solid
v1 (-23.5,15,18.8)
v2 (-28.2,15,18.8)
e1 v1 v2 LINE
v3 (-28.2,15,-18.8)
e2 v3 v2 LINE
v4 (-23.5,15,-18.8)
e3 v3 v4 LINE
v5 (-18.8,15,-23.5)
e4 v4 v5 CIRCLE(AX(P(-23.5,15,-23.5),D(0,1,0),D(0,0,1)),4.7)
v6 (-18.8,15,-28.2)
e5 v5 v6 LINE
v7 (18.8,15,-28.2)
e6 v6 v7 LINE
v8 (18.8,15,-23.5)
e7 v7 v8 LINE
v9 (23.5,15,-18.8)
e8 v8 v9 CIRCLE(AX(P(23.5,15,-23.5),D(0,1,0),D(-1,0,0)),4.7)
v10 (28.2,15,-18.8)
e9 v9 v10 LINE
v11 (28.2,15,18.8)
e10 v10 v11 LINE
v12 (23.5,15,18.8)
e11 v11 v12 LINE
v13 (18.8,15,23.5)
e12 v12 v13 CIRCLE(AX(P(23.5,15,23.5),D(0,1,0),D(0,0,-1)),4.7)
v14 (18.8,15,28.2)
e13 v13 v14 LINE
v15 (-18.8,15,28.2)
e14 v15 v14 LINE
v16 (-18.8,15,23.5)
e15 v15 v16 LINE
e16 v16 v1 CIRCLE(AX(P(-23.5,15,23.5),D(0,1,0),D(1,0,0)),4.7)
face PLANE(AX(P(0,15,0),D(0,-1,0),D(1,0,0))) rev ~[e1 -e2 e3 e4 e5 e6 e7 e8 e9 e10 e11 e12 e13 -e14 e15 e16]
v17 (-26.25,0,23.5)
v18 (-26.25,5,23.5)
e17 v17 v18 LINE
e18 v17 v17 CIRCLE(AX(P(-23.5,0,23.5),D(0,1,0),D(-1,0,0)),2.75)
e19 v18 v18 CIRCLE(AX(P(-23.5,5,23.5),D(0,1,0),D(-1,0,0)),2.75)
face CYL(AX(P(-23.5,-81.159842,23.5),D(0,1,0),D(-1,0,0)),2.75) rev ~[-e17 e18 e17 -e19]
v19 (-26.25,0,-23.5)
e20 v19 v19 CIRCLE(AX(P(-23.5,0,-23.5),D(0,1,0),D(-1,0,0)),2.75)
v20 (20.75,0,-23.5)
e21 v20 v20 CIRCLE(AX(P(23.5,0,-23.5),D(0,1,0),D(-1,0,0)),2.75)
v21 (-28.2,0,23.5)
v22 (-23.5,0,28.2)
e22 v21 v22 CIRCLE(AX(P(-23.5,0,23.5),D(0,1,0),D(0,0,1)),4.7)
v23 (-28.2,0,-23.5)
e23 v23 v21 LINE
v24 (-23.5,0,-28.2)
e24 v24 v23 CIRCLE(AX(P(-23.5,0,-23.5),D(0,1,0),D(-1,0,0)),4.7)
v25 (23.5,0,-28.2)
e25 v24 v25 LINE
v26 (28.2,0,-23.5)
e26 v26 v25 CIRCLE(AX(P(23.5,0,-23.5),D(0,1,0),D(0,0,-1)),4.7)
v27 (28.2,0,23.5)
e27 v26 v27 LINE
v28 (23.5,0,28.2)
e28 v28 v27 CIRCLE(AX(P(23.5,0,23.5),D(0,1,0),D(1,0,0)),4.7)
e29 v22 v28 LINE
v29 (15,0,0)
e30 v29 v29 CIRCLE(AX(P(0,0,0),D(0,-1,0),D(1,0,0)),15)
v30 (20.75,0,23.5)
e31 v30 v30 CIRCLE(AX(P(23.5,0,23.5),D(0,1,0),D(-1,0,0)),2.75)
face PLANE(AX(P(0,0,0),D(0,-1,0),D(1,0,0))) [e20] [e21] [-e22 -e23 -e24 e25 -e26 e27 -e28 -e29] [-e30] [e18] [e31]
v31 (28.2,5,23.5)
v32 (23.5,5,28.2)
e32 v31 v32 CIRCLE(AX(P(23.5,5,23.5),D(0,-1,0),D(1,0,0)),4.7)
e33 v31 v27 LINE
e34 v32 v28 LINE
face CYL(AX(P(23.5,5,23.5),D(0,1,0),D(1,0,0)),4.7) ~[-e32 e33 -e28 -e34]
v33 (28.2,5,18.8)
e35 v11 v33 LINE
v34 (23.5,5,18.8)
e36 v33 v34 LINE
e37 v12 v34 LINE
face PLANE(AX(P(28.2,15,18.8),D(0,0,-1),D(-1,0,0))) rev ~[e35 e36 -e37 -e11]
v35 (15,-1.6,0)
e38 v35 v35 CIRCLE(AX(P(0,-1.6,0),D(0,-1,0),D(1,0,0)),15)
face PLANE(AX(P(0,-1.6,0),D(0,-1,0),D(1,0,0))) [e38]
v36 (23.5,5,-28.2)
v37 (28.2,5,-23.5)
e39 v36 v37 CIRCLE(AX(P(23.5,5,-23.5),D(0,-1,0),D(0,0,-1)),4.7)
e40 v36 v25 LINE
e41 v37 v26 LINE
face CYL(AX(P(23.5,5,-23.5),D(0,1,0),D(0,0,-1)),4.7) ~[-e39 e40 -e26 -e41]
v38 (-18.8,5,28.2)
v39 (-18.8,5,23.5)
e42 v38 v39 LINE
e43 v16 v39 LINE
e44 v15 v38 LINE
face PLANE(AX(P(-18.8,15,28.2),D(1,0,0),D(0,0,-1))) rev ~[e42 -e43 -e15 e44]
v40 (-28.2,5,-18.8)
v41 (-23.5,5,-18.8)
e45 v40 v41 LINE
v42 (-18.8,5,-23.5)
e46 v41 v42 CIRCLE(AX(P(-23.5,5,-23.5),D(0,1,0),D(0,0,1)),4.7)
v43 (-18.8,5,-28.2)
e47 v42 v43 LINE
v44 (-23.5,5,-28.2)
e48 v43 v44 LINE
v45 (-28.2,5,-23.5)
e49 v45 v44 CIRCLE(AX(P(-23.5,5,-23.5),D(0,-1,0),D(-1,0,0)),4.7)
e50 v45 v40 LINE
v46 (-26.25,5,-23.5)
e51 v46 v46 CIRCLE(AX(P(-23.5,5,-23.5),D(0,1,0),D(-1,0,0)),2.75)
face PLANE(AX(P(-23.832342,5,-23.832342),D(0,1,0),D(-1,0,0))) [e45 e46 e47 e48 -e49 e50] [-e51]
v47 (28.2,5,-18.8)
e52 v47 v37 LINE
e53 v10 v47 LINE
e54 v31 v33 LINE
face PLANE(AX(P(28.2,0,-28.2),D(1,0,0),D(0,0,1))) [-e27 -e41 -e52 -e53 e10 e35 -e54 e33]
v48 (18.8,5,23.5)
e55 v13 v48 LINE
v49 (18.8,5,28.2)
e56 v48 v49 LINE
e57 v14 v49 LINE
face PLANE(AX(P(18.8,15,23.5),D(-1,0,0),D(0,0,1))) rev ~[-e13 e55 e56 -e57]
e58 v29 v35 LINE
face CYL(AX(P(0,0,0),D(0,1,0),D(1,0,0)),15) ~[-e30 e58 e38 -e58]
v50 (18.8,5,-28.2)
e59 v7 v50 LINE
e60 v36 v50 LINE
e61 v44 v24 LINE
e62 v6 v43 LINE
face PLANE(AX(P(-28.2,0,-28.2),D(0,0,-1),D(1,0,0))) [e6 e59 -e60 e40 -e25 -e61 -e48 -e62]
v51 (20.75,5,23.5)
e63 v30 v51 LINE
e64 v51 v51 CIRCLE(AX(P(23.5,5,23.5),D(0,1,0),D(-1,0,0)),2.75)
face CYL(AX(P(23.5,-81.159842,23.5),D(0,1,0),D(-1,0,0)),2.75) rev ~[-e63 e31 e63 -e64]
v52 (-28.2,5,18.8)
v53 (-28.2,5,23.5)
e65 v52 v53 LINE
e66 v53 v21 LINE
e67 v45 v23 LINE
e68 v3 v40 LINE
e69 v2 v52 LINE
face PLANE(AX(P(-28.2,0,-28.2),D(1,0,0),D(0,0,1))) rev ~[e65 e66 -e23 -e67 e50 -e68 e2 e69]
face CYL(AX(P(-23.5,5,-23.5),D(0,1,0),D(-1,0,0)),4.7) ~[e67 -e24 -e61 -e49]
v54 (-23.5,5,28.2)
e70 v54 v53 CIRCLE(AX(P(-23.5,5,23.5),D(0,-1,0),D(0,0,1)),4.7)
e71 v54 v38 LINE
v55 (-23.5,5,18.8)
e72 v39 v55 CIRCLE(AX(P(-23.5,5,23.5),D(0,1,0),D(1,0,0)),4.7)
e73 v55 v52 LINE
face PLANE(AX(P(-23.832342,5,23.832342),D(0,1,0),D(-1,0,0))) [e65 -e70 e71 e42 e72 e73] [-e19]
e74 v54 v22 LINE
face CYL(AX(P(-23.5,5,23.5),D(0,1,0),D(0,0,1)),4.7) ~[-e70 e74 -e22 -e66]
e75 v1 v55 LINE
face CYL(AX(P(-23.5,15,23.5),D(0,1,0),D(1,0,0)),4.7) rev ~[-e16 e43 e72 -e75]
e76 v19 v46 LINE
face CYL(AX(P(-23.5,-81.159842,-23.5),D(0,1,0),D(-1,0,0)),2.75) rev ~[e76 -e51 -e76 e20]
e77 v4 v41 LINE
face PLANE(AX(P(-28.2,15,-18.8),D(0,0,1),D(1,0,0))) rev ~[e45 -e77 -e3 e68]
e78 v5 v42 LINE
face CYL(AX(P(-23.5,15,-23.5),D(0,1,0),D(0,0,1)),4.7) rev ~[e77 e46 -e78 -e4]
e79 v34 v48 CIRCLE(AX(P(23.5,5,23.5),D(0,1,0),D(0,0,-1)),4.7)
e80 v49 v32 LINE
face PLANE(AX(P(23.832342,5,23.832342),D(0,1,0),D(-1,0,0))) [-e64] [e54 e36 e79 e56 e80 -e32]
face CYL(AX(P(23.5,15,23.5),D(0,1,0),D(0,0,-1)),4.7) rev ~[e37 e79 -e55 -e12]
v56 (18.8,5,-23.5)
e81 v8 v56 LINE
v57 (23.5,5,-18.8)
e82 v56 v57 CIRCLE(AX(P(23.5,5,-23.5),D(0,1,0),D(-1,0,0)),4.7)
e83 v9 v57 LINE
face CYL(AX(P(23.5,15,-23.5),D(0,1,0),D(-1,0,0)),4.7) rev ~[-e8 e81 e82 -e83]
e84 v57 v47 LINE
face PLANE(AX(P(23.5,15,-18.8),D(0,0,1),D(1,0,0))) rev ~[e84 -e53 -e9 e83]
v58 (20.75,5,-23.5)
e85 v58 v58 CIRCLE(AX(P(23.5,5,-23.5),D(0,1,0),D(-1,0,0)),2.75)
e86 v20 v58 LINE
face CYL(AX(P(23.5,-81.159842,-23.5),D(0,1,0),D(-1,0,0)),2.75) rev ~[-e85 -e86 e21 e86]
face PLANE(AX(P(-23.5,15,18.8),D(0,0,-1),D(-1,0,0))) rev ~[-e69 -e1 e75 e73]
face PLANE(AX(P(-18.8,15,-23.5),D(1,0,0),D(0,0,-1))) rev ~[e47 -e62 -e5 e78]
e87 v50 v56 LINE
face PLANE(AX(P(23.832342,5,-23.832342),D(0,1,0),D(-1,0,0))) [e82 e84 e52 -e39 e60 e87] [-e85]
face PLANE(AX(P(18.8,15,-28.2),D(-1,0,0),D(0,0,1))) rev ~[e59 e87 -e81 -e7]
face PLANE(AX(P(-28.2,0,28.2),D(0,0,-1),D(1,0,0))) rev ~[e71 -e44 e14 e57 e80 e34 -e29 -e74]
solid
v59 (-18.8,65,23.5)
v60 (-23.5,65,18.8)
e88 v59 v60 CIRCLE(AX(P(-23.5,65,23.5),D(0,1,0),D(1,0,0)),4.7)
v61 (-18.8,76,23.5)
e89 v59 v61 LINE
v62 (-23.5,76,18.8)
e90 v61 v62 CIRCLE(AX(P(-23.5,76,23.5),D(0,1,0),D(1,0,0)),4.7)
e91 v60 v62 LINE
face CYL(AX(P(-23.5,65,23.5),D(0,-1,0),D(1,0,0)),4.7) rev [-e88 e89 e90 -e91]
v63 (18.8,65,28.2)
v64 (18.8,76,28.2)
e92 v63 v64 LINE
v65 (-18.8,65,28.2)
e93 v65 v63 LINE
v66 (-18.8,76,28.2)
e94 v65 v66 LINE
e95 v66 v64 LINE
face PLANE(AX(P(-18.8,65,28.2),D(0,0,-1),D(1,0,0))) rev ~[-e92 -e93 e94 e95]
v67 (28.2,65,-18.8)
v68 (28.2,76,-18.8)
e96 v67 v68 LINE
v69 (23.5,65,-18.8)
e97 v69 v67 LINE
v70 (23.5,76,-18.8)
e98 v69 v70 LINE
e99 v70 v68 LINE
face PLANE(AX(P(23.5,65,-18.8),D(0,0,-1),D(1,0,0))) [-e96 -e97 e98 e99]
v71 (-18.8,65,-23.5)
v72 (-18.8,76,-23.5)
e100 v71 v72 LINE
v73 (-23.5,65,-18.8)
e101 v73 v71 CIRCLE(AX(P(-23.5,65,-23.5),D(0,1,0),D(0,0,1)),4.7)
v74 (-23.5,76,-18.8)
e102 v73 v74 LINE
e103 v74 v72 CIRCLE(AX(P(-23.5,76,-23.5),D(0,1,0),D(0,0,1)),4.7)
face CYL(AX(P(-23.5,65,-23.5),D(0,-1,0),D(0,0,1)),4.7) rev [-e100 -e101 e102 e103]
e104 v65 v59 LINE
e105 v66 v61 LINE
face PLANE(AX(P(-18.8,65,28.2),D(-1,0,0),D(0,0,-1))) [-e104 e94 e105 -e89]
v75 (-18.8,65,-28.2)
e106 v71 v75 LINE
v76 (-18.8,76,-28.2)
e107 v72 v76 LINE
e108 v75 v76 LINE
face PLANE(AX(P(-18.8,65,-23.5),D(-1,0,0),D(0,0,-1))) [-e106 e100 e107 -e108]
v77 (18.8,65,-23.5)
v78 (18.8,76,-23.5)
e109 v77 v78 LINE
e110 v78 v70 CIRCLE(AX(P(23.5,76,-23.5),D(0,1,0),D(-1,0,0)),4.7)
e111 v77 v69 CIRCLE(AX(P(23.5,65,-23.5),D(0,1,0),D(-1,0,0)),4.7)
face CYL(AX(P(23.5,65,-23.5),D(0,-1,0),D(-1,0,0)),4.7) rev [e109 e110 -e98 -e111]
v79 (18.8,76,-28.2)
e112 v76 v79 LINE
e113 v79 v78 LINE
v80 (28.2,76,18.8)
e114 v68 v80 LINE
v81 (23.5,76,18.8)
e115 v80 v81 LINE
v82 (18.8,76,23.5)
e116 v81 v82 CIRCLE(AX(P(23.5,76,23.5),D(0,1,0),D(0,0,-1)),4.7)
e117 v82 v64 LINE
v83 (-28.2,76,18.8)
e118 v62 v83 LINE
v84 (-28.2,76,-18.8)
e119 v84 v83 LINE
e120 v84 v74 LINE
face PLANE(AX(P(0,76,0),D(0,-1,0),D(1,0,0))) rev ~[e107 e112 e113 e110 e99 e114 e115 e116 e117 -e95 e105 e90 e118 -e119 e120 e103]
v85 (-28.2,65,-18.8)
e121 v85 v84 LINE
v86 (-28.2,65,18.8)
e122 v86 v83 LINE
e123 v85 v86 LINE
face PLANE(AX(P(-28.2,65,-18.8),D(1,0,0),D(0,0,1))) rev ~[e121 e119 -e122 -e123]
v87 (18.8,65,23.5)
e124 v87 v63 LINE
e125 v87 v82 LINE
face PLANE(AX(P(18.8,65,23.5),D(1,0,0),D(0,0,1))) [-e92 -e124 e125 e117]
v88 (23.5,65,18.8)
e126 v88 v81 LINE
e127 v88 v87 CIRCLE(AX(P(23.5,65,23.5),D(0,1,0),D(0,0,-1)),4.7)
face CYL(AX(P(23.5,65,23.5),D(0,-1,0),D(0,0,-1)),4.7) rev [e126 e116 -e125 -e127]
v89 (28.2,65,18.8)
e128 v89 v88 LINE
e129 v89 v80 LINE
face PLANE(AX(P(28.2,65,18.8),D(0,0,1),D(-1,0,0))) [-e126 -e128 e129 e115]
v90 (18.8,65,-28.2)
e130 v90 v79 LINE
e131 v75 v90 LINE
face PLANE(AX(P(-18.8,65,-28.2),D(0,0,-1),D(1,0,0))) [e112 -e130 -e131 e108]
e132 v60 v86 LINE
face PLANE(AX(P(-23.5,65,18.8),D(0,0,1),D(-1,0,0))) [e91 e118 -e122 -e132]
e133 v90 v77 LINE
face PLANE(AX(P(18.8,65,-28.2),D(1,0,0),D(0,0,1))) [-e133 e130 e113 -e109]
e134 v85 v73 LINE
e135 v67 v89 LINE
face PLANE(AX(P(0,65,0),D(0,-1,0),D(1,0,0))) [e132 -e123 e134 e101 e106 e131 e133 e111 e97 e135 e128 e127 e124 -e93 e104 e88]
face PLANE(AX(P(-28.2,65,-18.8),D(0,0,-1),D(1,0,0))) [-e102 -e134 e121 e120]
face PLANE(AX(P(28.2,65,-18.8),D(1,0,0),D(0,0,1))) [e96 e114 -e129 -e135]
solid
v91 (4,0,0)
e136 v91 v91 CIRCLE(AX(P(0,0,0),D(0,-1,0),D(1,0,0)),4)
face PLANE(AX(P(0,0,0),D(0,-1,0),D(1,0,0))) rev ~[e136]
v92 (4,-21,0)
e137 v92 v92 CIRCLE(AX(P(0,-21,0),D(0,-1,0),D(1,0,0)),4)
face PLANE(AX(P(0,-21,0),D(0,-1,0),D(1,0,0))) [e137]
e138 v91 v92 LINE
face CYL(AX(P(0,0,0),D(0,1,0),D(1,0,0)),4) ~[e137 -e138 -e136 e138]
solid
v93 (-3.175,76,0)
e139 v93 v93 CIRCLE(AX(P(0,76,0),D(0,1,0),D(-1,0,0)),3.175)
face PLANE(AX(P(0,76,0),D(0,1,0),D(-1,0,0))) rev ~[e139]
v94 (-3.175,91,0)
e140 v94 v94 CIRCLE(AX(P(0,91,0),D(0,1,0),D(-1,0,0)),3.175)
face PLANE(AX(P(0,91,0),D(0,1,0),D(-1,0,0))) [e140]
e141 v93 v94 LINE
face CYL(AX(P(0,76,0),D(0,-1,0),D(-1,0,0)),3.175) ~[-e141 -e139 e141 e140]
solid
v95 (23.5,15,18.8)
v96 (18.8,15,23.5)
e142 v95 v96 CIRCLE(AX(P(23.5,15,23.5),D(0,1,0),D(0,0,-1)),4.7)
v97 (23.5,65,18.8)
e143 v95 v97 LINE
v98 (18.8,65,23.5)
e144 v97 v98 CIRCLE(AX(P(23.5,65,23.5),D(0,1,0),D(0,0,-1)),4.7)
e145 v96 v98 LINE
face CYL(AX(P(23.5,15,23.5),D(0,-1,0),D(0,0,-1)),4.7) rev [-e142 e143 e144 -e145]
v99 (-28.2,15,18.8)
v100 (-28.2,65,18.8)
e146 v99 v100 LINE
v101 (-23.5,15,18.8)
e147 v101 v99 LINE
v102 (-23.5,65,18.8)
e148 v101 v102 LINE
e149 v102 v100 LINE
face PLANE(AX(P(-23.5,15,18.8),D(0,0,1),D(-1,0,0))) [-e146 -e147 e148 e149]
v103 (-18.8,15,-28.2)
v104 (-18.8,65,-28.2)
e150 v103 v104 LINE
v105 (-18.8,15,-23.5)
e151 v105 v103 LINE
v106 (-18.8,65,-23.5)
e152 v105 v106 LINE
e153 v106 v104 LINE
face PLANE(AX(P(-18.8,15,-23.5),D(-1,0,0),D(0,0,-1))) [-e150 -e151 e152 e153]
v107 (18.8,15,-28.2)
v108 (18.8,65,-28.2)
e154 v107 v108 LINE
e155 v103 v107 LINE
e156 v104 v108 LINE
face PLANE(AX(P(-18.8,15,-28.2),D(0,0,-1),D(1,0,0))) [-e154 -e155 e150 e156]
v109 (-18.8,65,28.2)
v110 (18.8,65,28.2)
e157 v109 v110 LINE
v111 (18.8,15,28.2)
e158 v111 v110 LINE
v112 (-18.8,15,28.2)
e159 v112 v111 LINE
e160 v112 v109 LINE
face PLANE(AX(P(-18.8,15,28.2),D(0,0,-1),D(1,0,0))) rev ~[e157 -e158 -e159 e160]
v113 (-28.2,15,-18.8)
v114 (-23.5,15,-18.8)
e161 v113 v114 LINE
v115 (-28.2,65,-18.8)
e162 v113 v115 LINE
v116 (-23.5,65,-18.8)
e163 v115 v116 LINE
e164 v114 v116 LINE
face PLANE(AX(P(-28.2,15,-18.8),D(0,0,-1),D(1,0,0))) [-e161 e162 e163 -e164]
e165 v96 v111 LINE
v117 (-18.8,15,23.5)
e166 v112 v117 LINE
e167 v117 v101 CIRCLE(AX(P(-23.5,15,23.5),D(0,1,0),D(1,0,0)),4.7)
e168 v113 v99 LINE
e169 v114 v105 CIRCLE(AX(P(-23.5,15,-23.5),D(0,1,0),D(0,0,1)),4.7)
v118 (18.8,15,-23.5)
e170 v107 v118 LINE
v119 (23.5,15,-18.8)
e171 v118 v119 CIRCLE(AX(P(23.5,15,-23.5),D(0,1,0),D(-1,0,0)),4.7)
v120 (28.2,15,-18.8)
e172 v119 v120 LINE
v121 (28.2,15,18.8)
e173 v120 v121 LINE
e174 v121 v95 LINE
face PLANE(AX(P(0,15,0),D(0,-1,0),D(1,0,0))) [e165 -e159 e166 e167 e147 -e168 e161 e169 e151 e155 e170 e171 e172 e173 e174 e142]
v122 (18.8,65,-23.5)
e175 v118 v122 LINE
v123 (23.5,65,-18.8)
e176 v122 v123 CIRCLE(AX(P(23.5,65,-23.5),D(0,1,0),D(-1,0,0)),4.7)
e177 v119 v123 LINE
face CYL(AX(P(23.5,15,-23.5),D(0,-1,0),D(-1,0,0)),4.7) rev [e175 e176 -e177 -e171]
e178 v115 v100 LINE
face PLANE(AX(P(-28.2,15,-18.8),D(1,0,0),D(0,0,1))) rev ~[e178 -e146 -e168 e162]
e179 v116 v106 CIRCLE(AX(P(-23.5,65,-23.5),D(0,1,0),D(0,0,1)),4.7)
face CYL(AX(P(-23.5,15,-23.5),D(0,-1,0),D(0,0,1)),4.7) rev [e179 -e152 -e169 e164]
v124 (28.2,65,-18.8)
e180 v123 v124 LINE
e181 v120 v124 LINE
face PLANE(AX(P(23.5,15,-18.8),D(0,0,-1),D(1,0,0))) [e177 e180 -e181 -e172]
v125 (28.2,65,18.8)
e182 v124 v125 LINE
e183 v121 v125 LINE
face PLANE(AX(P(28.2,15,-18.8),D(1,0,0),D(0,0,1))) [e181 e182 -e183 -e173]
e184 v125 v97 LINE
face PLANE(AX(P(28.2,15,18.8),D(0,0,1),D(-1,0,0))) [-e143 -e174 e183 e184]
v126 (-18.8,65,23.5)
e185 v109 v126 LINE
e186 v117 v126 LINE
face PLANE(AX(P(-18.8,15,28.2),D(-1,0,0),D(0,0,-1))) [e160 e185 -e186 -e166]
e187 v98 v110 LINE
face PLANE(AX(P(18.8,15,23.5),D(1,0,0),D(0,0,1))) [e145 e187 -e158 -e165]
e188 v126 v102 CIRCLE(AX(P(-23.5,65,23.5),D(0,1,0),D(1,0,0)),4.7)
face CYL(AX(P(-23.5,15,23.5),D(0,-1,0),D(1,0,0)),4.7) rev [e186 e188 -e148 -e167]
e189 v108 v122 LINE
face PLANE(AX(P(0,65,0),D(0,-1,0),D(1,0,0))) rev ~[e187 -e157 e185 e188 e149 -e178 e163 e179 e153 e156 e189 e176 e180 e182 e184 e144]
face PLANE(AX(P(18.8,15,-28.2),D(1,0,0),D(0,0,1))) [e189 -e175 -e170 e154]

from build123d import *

# Parameters (mm, degrees)
F0_W      = 56.4
F0_H      = 56.4
F1_DEPTH  = 15
F3_D      = 5.5
F5_DEPTH  = 10
F7_DEPTH  = 5.001
F8_DEPTH  = 50
F9_DEPTH  = 11
F10_R     = 15
F11_DEPTH = 1.6
F12_R     = 4
F13_DEPTH = 21
F14_R     = 3.175
F15_DEPTH = 15


with BuildPart() as f1:
    # F0 (on Front) → F1 (new body)
    with BuildSketch(Plane.XZ):
        Rectangle(F0_W, F0_H)
    extrude(amount=-F1_DEPTH)

    # F3 (through all)
    with Locations(Plane.XZ):
        with Locations((-23.5, -23.5), (-23.5, 23.5), (23.5, 23.5), (23.5, -23.5)):
            Hole(F3_D / 2)

    # F4 (on face) → F5 (cut)
    with BuildSketch(Plane(origin=(0, 15, 0), x_dir=(-1, 0, 0), z_dir=(0, 1, 0))):
        with BuildLine():
            Line((28.2, 18.8), (28.2, 28.2))
            Line((28.2, 28.2), (18.8, 28.2))
            Line((18.8, 28.2), (18.8, 23.5))
            ThreePointArc((18.8, 23.5), (20.1765981284, 20.1765981284), (23.5, 18.8))
            Line((23.5, 18.8), (28.2, 18.8))
        make_face()
        with BuildLine():
            Line((28.2, -28.2), (28.2, -18.8))
            Line((28.2, -18.8), (23.5, -18.8))
            ThreePointArc((23.5, -18.8), (20.1765981284, -20.1765981284), (18.8, -23.5))
            Line((18.8, -23.5), (18.8, -28.2))
            Line((18.8, -28.2), (28.2, -28.2))
        make_face()
        with BuildLine():
            Line((-18.8, 23.5), (-18.8, 28.2))
            Line((-18.8, 28.2), (-28.2, 28.2))
            Line((-28.2, 28.2), (-28.2, 18.8))
            Line((-28.2, 18.8), (-23.5, 18.8))
            ThreePointArc((-23.5, 18.8), (-20.1765981284, 20.1765981284), (-18.8, 23.5))
        make_face()
        with BuildLine():
            Line((-28.2, -18.8), (-28.2, -28.2))
            Line((-28.2, -28.2), (-18.8, -28.2))
            Line((-18.8, -28.2), (-18.8, -23.5))
            ThreePointArc((-18.8, -23.5), (-20.1765981284, -20.1765981284), (-23.5, -18.8))
            Line((-23.5, -18.8), (-28.2, -18.8))
        make_face()
    extrude(amount=-F5_DEPTH, mode=Mode.SUBTRACT)

    # F6 (on face) → F7 (cut, through all)
    with BuildSketch(Plane(origin=(0, 5, 0), x_dir=(-1, 0, 0), z_dir=(0, 1, 0))):
        with BuildLine():
            ThreePointArc((23.5, 28.2), (26.8234018716, 26.8234018716), (28.2, 23.5))
            Line((28.2, 23.5), (28.2, 28.2))
            Line((28.2, 28.2), (23.5, 28.2))
        make_face()
        with BuildLine():
            Line((23.5, -28.2), (28.2, -28.2))
            Line((28.2, -28.2), (28.2, -23.5))
            ThreePointArc((28.2, -23.5), (26.8234018716, -26.8234018716), (23.5, -28.2))
        make_face()
        with BuildLine():
            Line((-23.5, 28.2), (-28.2, 28.2))
            Line((-28.2, 28.2), (-28.2, 23.5))
            ThreePointArc((-28.2, 23.5), (-26.8234018716, 26.8234018716), (-23.5, 28.2))
        make_face()
        with BuildLine():
            Line((-28.2, -28.2), (-23.5, -28.2))
            ThreePointArc((-23.5, -28.2), (-26.8234018716, -26.8234018716), (-28.2, -23.5))
            Line((-28.2, -23.5), (-28.2, -28.2))
        make_face()
    extrude(amount=-F7_DEPTH, mode=Mode.SUBTRACT)


with BuildPart() as f8:
    # F8 (new): a face of the model
    f8_faces = [f1.part.faces().sort_by_distance(p)[0] for p in [
        (0, 15, 0),
    ]]
    extrude(f8_faces, amount=F8_DEPTH)


with BuildPart() as f9:
    # F9 (new): a face of the model
    f9_faces = [f8.part.faces().sort_by_distance(p)[0] for p in [
        (0, 65, 0),
    ]]
    extrude(f9_faces, amount=F9_DEPTH)


with BuildPart() as f1_1:
    add(f1.part)

    # F10 (on face) → F11 (join)
    with BuildSketch(Plane.XZ):
        Circle(F10_R)
    extrude(amount=F11_DEPTH)


with BuildPart() as f13:
    # F12 (on face) → F13 (new body)
    with BuildSketch(Plane.XZ):
        Circle(F12_R)
    extrude(amount=F13_DEPTH)


with BuildPart() as f15:
    # F14 (on face) → F15 (new body)
    with BuildSketch(Plane(origin=(0, 76, 0), x_dir=(-1, 0, 0), z_dir=(0, 1, 0))):
        Circle(F14_R)
    extrude(amount=F15_DEPTH)


solid = Compound([f8.part, f9.part, f1_1.part, f13.part, f15.part])
